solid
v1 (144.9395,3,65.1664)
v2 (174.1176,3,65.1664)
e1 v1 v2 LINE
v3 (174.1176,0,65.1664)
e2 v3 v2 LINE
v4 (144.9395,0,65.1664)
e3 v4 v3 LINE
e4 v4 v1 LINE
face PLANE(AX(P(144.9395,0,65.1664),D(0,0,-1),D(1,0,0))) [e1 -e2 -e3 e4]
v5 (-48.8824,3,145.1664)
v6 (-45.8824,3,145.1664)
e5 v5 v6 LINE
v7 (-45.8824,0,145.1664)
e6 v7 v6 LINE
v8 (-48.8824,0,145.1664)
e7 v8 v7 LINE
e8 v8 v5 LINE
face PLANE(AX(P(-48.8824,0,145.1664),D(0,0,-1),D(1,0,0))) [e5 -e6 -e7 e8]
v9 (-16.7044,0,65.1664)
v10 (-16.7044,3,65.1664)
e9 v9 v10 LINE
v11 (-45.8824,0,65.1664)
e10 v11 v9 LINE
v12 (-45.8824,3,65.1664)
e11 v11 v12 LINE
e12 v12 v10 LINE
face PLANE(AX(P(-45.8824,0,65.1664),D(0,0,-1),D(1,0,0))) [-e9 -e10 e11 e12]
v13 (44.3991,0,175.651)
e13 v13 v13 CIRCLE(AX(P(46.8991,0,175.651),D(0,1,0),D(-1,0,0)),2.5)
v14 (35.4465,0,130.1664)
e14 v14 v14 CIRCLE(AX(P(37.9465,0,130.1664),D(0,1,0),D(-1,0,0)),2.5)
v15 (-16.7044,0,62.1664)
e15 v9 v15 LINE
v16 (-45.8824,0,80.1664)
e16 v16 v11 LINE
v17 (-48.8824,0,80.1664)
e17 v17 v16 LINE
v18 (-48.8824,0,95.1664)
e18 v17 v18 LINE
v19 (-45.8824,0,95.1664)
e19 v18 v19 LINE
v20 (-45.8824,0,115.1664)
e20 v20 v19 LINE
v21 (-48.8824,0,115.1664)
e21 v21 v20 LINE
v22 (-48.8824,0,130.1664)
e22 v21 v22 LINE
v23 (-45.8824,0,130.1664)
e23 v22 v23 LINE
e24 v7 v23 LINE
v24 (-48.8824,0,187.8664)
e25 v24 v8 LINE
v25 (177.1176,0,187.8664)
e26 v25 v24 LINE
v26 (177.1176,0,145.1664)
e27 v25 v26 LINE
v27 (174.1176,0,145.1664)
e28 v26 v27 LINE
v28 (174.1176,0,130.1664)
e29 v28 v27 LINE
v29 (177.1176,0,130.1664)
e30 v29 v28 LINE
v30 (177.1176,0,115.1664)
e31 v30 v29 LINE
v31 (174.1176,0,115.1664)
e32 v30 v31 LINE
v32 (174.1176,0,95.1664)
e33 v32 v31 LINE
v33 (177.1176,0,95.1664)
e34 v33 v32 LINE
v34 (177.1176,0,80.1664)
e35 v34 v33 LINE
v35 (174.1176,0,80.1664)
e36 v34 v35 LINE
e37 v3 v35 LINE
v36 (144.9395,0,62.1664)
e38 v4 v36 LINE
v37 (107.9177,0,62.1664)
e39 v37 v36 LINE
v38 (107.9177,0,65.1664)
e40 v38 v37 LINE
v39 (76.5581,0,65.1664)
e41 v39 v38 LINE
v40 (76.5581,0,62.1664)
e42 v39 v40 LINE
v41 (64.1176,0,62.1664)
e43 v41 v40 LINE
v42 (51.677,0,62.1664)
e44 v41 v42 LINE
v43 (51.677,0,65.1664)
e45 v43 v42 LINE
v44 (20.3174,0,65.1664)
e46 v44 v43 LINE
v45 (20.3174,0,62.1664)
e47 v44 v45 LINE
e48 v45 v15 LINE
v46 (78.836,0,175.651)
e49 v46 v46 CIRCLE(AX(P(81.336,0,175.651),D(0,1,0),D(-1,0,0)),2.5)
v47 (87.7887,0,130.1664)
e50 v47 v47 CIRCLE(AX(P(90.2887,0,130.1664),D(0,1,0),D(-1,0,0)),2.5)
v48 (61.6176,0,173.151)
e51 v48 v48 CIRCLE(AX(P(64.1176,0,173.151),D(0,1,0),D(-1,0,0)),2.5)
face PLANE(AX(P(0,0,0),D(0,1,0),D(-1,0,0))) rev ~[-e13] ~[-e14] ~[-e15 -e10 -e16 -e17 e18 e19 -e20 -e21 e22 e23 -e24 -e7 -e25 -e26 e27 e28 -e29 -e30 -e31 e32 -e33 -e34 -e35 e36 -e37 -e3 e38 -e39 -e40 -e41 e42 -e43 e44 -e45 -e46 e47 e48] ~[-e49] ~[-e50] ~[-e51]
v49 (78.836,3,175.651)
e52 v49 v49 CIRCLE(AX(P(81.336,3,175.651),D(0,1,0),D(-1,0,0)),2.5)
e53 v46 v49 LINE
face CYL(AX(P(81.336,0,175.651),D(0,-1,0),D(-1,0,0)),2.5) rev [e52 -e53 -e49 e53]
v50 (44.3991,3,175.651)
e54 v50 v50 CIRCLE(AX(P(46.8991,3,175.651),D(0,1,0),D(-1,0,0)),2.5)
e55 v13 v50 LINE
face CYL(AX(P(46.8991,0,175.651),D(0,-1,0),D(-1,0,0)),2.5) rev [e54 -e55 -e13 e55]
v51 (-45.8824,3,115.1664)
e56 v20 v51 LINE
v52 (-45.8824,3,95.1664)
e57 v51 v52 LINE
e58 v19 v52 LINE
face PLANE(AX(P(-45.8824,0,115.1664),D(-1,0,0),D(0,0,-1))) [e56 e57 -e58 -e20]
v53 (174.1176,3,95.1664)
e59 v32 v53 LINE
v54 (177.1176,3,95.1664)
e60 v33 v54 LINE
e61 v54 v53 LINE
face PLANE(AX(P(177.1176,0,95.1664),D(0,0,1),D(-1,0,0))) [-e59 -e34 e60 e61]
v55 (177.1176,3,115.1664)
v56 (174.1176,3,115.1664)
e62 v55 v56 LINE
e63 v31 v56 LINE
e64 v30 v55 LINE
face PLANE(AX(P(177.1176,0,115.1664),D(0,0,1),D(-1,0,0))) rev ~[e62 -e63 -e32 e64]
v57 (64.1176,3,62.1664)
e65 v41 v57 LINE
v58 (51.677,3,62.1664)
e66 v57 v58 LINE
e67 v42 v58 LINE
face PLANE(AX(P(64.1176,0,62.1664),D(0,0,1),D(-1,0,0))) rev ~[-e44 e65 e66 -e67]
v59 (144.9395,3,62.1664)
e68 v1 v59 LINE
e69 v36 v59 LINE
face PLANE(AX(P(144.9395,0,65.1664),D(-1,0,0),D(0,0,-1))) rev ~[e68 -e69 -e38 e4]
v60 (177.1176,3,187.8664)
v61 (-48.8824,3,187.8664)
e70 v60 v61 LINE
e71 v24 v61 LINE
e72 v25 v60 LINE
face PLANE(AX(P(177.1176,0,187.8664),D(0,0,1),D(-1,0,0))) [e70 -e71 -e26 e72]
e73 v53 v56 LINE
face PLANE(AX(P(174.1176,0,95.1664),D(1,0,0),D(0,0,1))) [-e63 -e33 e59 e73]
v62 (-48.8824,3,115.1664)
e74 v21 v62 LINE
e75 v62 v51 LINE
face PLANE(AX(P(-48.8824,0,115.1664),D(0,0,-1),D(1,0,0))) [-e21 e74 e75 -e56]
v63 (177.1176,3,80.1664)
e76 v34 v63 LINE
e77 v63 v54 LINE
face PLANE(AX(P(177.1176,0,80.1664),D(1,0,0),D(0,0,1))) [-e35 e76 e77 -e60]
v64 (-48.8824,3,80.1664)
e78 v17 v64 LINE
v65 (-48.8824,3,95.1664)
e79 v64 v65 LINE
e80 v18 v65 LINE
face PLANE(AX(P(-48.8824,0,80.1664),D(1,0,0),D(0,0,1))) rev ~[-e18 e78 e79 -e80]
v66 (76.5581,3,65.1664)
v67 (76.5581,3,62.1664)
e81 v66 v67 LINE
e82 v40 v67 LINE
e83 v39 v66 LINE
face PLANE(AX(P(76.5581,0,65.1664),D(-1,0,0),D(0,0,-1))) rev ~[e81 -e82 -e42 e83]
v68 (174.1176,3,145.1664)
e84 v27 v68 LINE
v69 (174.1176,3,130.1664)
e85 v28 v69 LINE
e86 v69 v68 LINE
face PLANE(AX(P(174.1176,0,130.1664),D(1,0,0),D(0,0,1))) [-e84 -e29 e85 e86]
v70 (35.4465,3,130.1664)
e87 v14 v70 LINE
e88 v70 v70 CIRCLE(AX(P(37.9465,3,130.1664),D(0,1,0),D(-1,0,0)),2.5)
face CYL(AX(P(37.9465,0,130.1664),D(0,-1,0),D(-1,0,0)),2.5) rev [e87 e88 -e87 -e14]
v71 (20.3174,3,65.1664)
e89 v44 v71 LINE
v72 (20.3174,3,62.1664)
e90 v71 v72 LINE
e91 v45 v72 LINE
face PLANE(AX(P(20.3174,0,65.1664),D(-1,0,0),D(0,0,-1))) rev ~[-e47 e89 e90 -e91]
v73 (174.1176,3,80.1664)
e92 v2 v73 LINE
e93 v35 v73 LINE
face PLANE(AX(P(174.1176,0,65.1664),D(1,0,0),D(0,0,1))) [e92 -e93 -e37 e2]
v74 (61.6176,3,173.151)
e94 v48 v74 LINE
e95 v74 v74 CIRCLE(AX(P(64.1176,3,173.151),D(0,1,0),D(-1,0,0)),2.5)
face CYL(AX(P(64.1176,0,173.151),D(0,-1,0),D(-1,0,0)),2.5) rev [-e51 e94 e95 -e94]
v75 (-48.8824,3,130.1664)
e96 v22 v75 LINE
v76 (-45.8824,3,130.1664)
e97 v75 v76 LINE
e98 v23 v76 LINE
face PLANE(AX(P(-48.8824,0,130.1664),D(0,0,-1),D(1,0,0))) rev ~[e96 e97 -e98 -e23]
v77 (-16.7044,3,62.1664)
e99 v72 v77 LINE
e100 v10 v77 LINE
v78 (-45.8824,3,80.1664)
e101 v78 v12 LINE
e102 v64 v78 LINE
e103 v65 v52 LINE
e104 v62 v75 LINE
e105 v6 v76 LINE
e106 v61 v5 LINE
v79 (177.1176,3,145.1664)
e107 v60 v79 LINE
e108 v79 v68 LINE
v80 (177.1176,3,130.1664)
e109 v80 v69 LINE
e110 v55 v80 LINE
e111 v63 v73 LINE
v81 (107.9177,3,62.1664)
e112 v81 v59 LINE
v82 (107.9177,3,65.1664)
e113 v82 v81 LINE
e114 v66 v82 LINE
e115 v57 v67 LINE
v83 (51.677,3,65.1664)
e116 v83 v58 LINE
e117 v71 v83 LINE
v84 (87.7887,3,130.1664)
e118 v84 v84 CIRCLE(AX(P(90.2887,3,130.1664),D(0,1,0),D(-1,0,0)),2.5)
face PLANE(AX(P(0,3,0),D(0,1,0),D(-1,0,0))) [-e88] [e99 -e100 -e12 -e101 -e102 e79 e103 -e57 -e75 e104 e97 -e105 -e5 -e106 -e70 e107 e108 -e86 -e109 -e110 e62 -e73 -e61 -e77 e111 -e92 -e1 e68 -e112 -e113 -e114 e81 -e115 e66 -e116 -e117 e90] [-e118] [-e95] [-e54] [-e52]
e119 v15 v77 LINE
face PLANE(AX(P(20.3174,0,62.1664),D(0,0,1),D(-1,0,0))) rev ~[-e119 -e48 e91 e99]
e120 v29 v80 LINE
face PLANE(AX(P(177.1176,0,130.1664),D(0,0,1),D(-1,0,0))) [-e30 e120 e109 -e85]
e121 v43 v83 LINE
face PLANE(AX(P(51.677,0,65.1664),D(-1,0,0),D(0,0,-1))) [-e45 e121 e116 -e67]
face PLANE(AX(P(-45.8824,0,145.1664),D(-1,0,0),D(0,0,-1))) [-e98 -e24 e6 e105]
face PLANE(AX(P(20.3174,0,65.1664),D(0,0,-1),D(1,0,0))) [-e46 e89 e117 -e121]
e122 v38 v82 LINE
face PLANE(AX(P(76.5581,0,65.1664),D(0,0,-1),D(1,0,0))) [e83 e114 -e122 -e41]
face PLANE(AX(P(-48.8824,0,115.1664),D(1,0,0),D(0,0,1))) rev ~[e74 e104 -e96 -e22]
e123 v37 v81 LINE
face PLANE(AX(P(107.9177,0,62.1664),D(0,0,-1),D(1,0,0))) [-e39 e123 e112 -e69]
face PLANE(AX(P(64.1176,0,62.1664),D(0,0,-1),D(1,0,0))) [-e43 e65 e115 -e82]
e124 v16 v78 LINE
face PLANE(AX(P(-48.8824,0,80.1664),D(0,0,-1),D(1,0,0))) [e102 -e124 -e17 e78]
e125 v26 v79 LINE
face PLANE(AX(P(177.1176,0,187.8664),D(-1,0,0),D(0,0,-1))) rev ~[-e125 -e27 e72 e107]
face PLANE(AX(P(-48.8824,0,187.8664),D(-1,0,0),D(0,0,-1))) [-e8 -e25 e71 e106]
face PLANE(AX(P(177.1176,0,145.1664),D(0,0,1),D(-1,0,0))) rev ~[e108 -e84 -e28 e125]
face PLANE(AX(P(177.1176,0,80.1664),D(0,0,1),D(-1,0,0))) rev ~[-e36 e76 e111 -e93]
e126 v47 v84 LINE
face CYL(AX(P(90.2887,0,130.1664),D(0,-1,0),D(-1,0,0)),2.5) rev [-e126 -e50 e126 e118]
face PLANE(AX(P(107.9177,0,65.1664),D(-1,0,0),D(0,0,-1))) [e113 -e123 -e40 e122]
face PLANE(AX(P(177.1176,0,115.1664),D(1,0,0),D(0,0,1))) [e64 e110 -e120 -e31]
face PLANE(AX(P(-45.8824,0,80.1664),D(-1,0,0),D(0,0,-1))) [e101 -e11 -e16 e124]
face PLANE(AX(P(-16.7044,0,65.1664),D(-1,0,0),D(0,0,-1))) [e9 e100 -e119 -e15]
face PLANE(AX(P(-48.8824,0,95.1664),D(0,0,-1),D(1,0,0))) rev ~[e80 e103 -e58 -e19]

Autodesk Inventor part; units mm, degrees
ref_plane "YZ Plane" through (0, 0, 0) normal (1, 0, 0) x (0, 1, 0)
ref_plane "XZ Plane" through (0, 0, 0) normal (0, 1, 0) x (-1, 0, 0)
ref_plane "XY Plane" through (0, 0, 0) normal (0, 0, 1) x (1, 0, 0)
sketch "Sketch1" plane through (0, 0, 0) normal (0, 1, 0) x (-1, 0, 0)
  line L0 (16.7044, 65.1664) -> (16.7044, 62.1664)
  line L1 (-20.3174, 65.1664) -> (-20.3174, 62.1664)
  line L2 (-51.677, 65.1664) -> (-51.677, 62.1664)
  line L3 (-144.9395, 65.1664) -> (-144.9395, 62.1664)
  line L4 (-107.9177, 65.1664) -> (-107.9177, 62.1664)
  line L5 (-76.5581, 65.1664) -> (-76.5581, 62.1664)
  line L6 (45.8824, 65.1664) -> (16.7044, 65.1664)
  line L7 (-64.1176, 62.1664) -> (-51.677, 62.1664)
  line L8 (-20.3174, 62.1664) -> (16.7044, 62.1664)
  line L9 (16.7044, 62.1664) -> (-20.3174, 62.1664)
  line L10 (-20.3174, 65.1664) -> (-51.677, 65.1664)
  line L11 (-51.677, 62.1664) -> (-76.5581, 62.1664)
  line L12 (-107.9177, 62.1664) -> (-144.9395, 62.1664)
  line L13 (-64.1176, 62.1664) -> (-76.5581, 62.1664)
  line L14 (-76.5581, 65.1664) -> (-107.9177, 65.1664)
  line L15 (-144.9395, 65.1664) -> (-174.1176, 65.1664)
  line L16 (48.8824, 80.1664) -> (48.8824, 95.1664)
  line L17 (48.8824, 95.1664) -> (45.8824, 95.1664)
  line L18 (48.8824, 80.1664) -> (45.8824, 80.1664)
  line L19 (48.8824, 115.1664) -> (45.8824, 115.1664)
  line L20 (48.8824, 130.1664) -> (45.8824, 130.1664)
  line L21 (-177.1176, 130.1664) -> (-174.1176, 130.1664)
  line L22 (-177.1176, 115.1664) -> (-174.1176, 115.1664)
  line L23 (-177.1176, 95.1664) -> (-174.1176, 95.1664)
  line L24 (-177.1176, 80.1664) -> (-174.1176, 80.1664)
  line L25 (45.8824, 80.1664) -> (45.8824, 65.1664)
  line L26 (48.8824, 115.1664) -> (48.8824, 130.1664)
  line L27 (45.8824, 145.1664) -> (45.8824, 130.1664)
  line L28 (45.8824, 115.1664) -> (45.8824, 95.1664)
  line L29 (-174.1176, 65.1664) -> (-174.1176, 80.1664)
  line L30 (-174.1176, 95.1664) -> (-174.1176, 115.1664)
  line L31 (-174.1176, 130.1664) -> (-174.1176, 145.1664)
  line L32 (-177.1176, 80.1664) -> (-177.1176, 95.1664)
  line L33 (-177.1176, 115.1664) -> (-177.1176, 130.1664)
  line L34 (-213.0378, 187.8664) -> (84.2595, 187.8664)
  line L35 (-177.1176, 187.8664) -> (-177.1176, 145.1664)
  line L36 (-177.1176, 145.1664) -> (-174.1176, 145.1664)
  line L37 (48.8824, 187.8664) -> (48.8824, 145.1664)
  line L38 (48.8824, 145.1664) -> (45.8824, 145.1664)
  circle A0 centre (-81.336, 175.651) radius 2.5
  circle A1 centre (-90.2887, 130.1664) radius 2.5
  circle A2 centre (-64.1176, 173.151) radius 2.5
  circle A3 centre (-46.8991, 175.651) radius 2.5
  circle A4 centre (-37.9465, 130.1664) radius 2.5
  point P0 (0, 0)
  point P1 (48.8824, 62.1664)
  point P2 (-126.4286, 62.1664)
  point P3 (-161.0285, 65.1664)
  point P4 (-177.1176, 122.6664)
  point P5 (48.8824, 122.6664)
  point P6 (-76.5581, 63.6664)
  point P7 (-51.677, 63.6664)
  dimension "d1" = 15
  dimension "d3" = 220
  dimension "d4" = 226
  dimension "d5" = 20
  dimension "d6" = 15
  dimension "d7" = 15
  dimension "d9" = 15
  dimension "d10" = 29.178
  dimension "d11" = 37.0218
  dimension "d12" = 31.3596
  dimension "d13" = 24.8811
  dimension "d14" = 31.3596
  dimension "d16" = 37.0218
  dimension "d17" = 29.178
  dimension "d18" = 15
  dimension "d19" = 15
  dimension "d20" = 20
  dimension "d21" = 15
  dimension "d22" = 15
  dimension "d23" = 3
  dimension "d24" = 3
  dimension "d27" = 122.7
  dimension "d28" = 5
  dimension "d29" = 5
  dimension "d30" = 65
  dimension "d31" = 5
extrude "Extrusion1" add sketch "Sketch1" along normal blind 3
properties part number "mieng_mat_3mm"
